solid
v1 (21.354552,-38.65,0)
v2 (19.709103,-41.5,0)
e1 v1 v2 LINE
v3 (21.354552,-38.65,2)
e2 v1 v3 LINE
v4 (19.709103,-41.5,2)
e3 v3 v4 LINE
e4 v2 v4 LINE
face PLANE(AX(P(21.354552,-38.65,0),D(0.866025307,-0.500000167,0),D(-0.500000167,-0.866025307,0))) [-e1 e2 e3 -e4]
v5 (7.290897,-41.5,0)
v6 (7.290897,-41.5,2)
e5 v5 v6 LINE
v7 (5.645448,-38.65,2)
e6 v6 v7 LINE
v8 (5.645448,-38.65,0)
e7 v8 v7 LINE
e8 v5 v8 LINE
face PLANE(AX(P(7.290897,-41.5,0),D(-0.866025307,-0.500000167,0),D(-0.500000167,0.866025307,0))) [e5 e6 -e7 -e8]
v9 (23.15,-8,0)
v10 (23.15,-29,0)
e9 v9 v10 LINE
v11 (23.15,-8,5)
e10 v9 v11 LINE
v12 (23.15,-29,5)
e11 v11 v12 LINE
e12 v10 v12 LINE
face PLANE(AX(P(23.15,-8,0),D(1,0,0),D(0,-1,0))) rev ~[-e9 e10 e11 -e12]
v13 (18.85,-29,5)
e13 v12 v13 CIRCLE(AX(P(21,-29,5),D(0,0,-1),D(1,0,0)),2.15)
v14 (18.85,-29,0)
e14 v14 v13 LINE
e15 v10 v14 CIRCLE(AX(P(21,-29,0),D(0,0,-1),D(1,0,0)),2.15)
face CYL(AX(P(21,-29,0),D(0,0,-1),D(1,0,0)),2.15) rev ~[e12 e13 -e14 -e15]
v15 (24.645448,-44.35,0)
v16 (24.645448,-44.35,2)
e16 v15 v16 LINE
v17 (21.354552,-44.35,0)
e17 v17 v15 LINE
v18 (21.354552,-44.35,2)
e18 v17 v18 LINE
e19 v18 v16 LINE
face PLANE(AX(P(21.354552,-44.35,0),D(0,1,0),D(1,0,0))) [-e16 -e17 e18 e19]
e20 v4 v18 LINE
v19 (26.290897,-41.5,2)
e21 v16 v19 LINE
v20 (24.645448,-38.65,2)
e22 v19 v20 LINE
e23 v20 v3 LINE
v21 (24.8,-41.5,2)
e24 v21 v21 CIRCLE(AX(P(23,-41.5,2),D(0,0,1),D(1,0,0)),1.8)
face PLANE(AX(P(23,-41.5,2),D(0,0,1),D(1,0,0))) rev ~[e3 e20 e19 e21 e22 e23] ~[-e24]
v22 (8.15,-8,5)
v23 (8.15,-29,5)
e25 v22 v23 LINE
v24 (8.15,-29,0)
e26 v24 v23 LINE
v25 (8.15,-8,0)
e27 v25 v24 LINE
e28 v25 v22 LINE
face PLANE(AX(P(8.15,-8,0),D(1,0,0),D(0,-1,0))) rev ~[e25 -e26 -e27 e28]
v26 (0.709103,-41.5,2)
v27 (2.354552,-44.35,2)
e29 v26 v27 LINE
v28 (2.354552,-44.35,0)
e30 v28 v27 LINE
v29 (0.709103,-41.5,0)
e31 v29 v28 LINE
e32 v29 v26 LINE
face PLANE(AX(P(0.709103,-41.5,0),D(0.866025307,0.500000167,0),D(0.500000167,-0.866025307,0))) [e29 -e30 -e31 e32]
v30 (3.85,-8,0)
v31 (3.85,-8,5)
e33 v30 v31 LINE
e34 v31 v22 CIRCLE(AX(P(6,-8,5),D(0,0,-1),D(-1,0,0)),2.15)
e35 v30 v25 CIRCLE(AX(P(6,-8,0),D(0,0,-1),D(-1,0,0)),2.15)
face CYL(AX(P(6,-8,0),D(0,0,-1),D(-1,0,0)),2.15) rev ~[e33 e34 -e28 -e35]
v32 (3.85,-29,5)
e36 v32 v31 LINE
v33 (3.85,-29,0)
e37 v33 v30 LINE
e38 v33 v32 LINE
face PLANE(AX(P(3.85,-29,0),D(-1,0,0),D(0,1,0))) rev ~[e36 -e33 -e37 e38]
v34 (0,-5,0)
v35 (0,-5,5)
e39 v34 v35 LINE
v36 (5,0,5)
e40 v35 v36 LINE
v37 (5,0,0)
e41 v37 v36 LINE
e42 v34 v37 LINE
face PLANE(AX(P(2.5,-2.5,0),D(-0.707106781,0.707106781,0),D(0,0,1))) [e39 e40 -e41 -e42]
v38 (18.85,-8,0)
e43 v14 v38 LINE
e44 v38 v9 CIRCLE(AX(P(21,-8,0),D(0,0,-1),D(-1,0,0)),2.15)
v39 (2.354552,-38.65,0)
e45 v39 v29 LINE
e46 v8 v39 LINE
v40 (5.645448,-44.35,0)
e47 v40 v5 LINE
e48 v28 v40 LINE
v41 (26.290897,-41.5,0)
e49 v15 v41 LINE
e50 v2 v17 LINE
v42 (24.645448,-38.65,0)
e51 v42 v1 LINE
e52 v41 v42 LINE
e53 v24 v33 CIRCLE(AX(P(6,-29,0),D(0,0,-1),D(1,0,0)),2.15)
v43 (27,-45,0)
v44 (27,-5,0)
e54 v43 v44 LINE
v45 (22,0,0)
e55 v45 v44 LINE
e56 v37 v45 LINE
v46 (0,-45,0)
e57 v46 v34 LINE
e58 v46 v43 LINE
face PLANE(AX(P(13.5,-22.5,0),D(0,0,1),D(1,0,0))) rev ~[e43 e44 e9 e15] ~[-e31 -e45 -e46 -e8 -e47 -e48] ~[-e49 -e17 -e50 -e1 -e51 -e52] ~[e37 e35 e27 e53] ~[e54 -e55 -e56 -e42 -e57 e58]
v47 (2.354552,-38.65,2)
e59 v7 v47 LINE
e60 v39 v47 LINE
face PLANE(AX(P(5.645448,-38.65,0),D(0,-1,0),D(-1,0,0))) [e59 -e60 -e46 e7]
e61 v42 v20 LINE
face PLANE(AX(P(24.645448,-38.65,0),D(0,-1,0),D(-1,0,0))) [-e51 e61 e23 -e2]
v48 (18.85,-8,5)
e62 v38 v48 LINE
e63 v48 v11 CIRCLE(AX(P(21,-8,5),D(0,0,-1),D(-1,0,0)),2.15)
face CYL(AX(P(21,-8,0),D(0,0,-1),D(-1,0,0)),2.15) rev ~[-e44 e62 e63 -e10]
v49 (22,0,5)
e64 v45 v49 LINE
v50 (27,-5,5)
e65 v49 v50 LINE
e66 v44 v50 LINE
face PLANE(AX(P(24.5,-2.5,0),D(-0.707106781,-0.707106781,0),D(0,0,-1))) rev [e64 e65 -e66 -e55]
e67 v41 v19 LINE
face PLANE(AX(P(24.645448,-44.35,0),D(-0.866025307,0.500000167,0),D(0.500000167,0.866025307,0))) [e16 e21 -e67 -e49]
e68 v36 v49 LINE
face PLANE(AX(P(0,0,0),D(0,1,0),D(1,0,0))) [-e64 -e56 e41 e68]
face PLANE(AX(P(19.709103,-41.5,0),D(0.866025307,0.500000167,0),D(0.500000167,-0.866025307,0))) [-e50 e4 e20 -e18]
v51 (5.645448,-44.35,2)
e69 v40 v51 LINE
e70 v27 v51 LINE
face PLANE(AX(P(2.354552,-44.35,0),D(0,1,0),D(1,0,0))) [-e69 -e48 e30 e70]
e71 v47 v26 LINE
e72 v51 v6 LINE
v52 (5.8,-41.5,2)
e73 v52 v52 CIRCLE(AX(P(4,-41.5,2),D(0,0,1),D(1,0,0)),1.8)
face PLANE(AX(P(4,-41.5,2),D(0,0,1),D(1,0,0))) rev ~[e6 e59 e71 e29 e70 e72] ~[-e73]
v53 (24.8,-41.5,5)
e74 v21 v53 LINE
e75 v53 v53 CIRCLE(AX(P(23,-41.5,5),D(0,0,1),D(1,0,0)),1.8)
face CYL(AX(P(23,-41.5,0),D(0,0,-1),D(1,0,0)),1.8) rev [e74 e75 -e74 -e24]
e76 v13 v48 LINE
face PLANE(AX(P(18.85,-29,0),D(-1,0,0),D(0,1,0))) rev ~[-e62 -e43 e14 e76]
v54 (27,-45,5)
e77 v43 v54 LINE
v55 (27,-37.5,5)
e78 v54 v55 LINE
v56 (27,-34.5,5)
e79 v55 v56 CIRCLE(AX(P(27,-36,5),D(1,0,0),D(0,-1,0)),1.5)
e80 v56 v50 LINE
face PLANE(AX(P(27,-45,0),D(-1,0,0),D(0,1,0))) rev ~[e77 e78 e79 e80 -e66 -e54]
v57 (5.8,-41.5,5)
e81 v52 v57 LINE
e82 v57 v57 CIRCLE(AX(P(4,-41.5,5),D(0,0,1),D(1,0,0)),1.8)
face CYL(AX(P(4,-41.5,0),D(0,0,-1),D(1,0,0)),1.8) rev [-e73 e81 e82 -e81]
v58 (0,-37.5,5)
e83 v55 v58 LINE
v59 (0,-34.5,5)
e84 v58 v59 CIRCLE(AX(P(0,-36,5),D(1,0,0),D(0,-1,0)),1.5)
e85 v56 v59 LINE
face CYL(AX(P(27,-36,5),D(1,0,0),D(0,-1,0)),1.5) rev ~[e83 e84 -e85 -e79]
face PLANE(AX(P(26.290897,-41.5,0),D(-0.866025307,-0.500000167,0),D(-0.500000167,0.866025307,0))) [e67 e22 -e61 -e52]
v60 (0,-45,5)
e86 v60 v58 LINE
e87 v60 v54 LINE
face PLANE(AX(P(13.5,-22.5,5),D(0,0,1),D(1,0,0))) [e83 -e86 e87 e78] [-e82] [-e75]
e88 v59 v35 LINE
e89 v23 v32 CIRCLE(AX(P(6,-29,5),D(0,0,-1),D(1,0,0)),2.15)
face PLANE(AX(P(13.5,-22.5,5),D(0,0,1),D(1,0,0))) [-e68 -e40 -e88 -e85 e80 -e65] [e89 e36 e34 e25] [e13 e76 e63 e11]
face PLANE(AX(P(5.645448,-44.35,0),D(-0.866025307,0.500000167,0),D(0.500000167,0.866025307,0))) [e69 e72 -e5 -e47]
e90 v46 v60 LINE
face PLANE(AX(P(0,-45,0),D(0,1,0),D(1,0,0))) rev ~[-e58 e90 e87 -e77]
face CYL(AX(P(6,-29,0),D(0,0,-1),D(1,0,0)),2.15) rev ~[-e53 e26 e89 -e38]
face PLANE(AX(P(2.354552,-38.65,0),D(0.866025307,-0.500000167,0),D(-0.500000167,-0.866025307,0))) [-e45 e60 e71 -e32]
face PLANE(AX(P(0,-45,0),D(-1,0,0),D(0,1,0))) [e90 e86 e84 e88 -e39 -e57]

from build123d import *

# Parameters (mm, degrees)
F0_W     = 27
F0_H     = 45
F0_R     = 1.8
F1_DEPTH = 5
F3_DEPTH = 27
F4_DEPTH = 2
F5_SIZE  = 5


with BuildPart() as f1:
    # F0 (on Top) → F1 (new body)
    with BuildSketch(Plane.XY):
        with Locations((13.5, -22.5)):
            Rectangle(F0_W, F0_H)
        Polygon((0.709103, -41.5), (2.354552, -38.65), (5.645448, -38.65), (7.290897, -41.5), (5.645448, -44.35), (2.354552, -44.35), align=None, mode=Mode.SUBTRACT)
        Polygon((19.709103, -41.5), (21.354552, -38.65), (24.645448, -38.65), (26.290897, -41.5), (24.645448, -44.35), (21.354552, -44.35), align=None, mode=Mode.SUBTRACT)
        with BuildLine():
            Line((3.85, -29), (3.85, -8))
            ThreePointArc((3.85, -8), (6, -5.85), (8.15, -8))
            Line((8.15, -8), (8.15, -29))
            ThreePointArc((8.15, -29), (6, -31.15), (3.85, -29))
        make_face(mode=Mode.SUBTRACT)
        with BuildLine():
            Line((18.85, -29), (18.85, -8))
            ThreePointArc((18.85, -8), (21, -5.85), (23.15, -8))
            Line((23.15, -8), (23.15, -29))
            ThreePointArc((23.15, -29), (21, -31.15), (18.85, -29))
        make_face(mode=Mode.SUBTRACT)
        Polygon((24.645448, -38.65), (21.354552, -38.65), (19.709103, -41.5), (21.354552, -44.35), (24.645448, -44.35), (26.290897, -41.5), align=None)
        with Locations((23, -41.5)):
            Circle(F0_R, mode=Mode.SUBTRACT)
        Polygon((5.645448, -38.65), (2.354552, -38.65), (0.709103, -41.5), (2.354552, -44.35), (5.645448, -44.35), (7.290897, -41.5), align=None)
        with Locations((4, -41.5)):
            Circle(F0_R, mode=Mode.SUBTRACT)
    extrude(amount=F1_DEPTH)

    # F2 (on face) → F3 (cut, through all)
    with BuildSketch(Plane.YZ.offset(27)):
        with BuildLine():
            Line((-34.5, 5), (-37.5, 5))
            ThreePointArc((-37.5, 5), (-36, 3.5), (-34.5, 5))
        make_face()
    extrude(amount=-F3_DEPTH, mode=Mode.SUBTRACT)

    # F0 (on Top) → F4 (cut)
    with BuildSketch(Plane.XY):
        with Locations((4, -41.5)):
            Circle(F0_R)
        with Locations((23, -41.5)):
            Circle(F0_R)
        Polygon((5.645448, -38.65), (2.354552, -38.65), (0.709103, -41.5), (2.354552, -44.35), (5.645448, -44.35), (7.290897, -41.5), align=None)
        with Locations((4, -41.5)):
            Circle(F0_R, mode=Mode.SUBTRACT)
        Polygon((24.645448, -38.65), (21.354552, -38.65), (19.709103, -41.5), (21.354552, -44.35), (24.645448, -44.35), (26.290897, -41.5), align=None)
        with Locations((23, -41.5)):
            Circle(F0_R, mode=Mode.SUBTRACT)
    extrude(amount=F4_DEPTH, mode=Mode.SUBTRACT)

    # F5
    f5_edges = [f1.edges().sort_by_distance(p)[0] for p in [
        (0, 0, 2.5),
        (27, 0, 2.5),
    ]]
    chamfer(f5_edges, length=F5_SIZE)


solid = f1.part
